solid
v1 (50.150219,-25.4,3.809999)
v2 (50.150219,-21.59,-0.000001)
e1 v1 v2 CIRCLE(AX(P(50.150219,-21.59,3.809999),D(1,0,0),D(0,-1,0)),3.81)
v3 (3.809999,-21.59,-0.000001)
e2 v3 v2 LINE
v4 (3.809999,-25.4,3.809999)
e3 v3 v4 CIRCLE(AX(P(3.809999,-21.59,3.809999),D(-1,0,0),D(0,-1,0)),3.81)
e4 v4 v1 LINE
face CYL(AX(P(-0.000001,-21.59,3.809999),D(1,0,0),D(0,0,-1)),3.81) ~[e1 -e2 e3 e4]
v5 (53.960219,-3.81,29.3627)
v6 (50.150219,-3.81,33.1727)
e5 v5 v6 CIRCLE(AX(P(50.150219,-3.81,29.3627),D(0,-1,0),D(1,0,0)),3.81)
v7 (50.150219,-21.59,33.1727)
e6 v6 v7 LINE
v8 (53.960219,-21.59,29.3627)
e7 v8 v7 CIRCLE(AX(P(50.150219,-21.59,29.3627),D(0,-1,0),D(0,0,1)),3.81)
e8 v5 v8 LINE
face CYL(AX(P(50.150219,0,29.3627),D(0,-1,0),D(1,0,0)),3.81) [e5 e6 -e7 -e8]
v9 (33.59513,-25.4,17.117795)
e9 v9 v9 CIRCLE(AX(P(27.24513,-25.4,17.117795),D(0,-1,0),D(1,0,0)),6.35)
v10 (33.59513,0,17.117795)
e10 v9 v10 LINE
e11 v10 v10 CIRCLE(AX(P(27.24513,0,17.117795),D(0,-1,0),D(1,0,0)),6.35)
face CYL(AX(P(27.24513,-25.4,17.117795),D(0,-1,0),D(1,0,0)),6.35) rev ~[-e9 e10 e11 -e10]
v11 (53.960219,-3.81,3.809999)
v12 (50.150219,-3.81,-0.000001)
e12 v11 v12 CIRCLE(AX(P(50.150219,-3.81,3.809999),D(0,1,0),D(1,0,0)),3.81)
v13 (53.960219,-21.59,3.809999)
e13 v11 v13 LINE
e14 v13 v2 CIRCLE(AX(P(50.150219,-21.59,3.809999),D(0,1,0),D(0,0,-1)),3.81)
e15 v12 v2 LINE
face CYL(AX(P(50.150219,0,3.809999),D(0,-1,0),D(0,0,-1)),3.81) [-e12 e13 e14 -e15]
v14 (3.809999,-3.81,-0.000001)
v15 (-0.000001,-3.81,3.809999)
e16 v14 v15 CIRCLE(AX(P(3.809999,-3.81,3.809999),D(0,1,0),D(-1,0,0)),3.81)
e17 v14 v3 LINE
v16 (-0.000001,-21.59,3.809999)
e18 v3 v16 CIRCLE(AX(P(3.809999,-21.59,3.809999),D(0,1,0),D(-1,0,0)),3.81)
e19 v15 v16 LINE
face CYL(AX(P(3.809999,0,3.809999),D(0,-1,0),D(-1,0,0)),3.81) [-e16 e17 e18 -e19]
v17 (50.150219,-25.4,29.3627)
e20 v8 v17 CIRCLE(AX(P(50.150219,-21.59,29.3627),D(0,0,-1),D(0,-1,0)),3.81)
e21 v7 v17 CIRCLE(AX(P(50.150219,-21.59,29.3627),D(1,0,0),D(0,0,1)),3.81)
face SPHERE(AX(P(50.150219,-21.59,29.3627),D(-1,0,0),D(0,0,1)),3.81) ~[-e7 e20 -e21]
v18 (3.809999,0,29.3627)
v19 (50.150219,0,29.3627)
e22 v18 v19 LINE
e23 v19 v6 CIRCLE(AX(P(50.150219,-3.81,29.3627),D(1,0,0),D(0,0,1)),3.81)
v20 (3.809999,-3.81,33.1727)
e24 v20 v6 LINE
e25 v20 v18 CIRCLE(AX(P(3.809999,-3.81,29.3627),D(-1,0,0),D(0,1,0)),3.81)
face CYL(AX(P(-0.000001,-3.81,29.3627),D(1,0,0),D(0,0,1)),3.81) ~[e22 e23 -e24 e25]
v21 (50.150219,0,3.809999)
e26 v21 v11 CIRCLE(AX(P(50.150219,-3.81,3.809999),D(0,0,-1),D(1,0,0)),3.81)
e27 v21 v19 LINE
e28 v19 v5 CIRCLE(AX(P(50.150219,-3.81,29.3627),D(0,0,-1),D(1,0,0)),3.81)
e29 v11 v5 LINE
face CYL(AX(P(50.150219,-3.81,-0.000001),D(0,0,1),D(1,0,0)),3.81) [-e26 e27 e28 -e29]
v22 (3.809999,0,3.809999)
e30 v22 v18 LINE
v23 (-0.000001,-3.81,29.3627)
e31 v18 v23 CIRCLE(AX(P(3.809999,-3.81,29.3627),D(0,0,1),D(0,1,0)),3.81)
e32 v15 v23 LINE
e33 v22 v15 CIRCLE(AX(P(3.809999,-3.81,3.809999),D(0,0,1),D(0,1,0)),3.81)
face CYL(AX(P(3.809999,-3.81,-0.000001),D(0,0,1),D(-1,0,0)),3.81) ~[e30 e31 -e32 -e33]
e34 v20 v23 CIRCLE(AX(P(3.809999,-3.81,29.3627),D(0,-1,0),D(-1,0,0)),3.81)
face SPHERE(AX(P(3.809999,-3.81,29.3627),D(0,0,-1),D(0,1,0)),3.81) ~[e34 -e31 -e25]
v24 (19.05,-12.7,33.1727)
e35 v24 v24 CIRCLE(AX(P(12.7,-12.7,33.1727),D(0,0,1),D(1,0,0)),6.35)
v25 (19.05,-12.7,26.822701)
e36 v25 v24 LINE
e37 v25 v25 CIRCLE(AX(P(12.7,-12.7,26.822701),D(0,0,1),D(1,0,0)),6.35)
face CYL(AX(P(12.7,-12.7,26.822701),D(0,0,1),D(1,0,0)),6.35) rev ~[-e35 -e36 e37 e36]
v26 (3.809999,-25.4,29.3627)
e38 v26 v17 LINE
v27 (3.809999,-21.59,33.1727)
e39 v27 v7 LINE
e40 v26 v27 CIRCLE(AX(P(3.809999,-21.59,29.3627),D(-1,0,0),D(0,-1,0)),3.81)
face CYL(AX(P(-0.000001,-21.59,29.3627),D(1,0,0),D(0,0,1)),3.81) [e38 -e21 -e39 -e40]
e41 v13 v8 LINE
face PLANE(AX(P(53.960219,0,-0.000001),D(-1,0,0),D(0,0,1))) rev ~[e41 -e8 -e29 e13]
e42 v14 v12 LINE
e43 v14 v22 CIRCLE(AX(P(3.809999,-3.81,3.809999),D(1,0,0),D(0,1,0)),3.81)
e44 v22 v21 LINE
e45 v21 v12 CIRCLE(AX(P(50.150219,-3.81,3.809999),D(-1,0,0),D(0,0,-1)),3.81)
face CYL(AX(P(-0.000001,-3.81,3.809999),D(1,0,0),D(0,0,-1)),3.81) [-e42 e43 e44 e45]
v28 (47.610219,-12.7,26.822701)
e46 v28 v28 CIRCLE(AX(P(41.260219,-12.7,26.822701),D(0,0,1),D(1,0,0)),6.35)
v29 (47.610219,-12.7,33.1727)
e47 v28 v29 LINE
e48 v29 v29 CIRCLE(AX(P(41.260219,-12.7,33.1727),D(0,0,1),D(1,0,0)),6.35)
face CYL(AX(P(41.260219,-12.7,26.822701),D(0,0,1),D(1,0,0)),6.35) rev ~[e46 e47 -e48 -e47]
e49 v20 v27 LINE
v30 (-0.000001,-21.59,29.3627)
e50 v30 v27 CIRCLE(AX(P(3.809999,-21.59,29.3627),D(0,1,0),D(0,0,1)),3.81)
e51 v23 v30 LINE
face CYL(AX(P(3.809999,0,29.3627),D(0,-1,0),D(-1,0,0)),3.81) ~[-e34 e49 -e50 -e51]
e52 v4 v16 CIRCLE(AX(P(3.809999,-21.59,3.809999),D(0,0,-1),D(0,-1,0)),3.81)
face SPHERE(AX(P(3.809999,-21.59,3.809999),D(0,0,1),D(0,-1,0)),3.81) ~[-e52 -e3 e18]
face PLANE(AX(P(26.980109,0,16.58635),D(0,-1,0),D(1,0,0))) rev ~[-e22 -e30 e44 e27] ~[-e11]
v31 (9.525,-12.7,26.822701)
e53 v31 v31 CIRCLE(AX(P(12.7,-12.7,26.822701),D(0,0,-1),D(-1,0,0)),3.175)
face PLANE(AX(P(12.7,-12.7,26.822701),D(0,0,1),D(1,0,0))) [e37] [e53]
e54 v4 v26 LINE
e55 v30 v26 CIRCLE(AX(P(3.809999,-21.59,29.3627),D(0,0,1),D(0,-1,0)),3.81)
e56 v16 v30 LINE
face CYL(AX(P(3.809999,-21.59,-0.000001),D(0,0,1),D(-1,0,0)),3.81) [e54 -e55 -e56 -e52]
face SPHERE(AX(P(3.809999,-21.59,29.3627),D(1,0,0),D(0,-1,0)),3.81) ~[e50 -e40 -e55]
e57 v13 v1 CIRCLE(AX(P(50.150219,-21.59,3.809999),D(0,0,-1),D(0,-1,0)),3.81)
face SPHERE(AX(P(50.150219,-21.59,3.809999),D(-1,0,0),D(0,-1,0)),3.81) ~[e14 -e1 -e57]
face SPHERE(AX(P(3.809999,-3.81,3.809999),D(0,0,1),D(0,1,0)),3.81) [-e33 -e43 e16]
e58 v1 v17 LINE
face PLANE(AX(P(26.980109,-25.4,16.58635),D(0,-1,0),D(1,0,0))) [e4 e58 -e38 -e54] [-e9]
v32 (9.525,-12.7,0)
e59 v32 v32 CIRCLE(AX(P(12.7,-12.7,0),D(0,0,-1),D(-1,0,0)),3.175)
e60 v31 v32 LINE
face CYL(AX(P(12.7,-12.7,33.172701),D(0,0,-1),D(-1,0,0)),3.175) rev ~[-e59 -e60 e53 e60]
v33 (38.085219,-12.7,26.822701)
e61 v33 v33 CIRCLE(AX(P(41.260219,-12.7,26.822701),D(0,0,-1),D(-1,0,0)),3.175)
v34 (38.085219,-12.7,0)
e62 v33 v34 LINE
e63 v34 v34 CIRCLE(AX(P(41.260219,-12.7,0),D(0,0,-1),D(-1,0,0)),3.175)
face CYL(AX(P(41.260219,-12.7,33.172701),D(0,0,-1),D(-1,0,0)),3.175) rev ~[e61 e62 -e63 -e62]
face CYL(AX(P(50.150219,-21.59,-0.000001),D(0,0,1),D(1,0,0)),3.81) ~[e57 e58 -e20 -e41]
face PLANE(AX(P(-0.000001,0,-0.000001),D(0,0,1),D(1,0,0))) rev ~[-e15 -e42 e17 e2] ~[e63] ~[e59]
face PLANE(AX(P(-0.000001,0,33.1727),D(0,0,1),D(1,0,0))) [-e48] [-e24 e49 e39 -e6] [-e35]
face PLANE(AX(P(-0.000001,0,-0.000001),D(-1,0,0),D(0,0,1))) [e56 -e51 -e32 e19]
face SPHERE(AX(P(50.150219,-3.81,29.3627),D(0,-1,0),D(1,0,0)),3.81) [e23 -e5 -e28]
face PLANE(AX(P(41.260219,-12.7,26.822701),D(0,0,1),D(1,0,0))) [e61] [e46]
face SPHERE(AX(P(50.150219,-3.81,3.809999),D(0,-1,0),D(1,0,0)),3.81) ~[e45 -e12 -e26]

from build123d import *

# Parameters (mm, degrees)
F0_W           = 53.960219
F0_H           = 33.172701
F1_DEPTH       = 25.4
F2_R           = 3.81
F3_R           = 6.35
F4_DEPTH       = 25.401
F6_D           = 6.35
F6_CBORE_D     = 12.7
F6_CBORE_DEPTH = 6.35


with BuildPart() as f1:
    # F0 (on Front) → F1 (new body)
    with BuildSketch(Plane.XZ):
        with Locations((26.980109, 16.58635)):
            Rectangle(F0_W, F0_H)
    extrude(amount=F1_DEPTH)

    # F2
    f2_edges = [f1.edges().sort_by_distance(p)[0] for p in [
        (26.98011, -25.4, 33.172701),
        (53.960219, -12.7, 33.172701),
        (0, -25.4, 16.58635),
        (26.98011, -25.4, 0),
        (53.960219, -25.4, 16.58635),
        (53.960219, -12.7, 0),
        (53.960219, 0, 16.58635),
        (0, 0, 16.58635),
        (26.98011, 0, 0),
        (26.98011, 0, 33.172701),
        (0, -12.7, 33.172701),
        (0, -12.7, 0),
    ]]
    fillet(f2_edges, radius=F2_R)

    # F3 (on face) → F4 (cut, through all)
    with BuildSketch(Plane.XZ.offset(25.4)):
        with Locations((27.24513, 17.117795)):
            Circle(F3_R)
    extrude(amount=-F4_DEPTH, mode=Mode.SUBTRACT)

    # F6 (through all)
    with Locations(Plane.XY.offset(33.172701)):
        with Locations((12.7, -12.7), (41.260219, -12.7)):
            CounterBoreHole(F6_D / 2, F6_CBORE_D / 2, F6_CBORE_DEPTH)


solid = f1.part
